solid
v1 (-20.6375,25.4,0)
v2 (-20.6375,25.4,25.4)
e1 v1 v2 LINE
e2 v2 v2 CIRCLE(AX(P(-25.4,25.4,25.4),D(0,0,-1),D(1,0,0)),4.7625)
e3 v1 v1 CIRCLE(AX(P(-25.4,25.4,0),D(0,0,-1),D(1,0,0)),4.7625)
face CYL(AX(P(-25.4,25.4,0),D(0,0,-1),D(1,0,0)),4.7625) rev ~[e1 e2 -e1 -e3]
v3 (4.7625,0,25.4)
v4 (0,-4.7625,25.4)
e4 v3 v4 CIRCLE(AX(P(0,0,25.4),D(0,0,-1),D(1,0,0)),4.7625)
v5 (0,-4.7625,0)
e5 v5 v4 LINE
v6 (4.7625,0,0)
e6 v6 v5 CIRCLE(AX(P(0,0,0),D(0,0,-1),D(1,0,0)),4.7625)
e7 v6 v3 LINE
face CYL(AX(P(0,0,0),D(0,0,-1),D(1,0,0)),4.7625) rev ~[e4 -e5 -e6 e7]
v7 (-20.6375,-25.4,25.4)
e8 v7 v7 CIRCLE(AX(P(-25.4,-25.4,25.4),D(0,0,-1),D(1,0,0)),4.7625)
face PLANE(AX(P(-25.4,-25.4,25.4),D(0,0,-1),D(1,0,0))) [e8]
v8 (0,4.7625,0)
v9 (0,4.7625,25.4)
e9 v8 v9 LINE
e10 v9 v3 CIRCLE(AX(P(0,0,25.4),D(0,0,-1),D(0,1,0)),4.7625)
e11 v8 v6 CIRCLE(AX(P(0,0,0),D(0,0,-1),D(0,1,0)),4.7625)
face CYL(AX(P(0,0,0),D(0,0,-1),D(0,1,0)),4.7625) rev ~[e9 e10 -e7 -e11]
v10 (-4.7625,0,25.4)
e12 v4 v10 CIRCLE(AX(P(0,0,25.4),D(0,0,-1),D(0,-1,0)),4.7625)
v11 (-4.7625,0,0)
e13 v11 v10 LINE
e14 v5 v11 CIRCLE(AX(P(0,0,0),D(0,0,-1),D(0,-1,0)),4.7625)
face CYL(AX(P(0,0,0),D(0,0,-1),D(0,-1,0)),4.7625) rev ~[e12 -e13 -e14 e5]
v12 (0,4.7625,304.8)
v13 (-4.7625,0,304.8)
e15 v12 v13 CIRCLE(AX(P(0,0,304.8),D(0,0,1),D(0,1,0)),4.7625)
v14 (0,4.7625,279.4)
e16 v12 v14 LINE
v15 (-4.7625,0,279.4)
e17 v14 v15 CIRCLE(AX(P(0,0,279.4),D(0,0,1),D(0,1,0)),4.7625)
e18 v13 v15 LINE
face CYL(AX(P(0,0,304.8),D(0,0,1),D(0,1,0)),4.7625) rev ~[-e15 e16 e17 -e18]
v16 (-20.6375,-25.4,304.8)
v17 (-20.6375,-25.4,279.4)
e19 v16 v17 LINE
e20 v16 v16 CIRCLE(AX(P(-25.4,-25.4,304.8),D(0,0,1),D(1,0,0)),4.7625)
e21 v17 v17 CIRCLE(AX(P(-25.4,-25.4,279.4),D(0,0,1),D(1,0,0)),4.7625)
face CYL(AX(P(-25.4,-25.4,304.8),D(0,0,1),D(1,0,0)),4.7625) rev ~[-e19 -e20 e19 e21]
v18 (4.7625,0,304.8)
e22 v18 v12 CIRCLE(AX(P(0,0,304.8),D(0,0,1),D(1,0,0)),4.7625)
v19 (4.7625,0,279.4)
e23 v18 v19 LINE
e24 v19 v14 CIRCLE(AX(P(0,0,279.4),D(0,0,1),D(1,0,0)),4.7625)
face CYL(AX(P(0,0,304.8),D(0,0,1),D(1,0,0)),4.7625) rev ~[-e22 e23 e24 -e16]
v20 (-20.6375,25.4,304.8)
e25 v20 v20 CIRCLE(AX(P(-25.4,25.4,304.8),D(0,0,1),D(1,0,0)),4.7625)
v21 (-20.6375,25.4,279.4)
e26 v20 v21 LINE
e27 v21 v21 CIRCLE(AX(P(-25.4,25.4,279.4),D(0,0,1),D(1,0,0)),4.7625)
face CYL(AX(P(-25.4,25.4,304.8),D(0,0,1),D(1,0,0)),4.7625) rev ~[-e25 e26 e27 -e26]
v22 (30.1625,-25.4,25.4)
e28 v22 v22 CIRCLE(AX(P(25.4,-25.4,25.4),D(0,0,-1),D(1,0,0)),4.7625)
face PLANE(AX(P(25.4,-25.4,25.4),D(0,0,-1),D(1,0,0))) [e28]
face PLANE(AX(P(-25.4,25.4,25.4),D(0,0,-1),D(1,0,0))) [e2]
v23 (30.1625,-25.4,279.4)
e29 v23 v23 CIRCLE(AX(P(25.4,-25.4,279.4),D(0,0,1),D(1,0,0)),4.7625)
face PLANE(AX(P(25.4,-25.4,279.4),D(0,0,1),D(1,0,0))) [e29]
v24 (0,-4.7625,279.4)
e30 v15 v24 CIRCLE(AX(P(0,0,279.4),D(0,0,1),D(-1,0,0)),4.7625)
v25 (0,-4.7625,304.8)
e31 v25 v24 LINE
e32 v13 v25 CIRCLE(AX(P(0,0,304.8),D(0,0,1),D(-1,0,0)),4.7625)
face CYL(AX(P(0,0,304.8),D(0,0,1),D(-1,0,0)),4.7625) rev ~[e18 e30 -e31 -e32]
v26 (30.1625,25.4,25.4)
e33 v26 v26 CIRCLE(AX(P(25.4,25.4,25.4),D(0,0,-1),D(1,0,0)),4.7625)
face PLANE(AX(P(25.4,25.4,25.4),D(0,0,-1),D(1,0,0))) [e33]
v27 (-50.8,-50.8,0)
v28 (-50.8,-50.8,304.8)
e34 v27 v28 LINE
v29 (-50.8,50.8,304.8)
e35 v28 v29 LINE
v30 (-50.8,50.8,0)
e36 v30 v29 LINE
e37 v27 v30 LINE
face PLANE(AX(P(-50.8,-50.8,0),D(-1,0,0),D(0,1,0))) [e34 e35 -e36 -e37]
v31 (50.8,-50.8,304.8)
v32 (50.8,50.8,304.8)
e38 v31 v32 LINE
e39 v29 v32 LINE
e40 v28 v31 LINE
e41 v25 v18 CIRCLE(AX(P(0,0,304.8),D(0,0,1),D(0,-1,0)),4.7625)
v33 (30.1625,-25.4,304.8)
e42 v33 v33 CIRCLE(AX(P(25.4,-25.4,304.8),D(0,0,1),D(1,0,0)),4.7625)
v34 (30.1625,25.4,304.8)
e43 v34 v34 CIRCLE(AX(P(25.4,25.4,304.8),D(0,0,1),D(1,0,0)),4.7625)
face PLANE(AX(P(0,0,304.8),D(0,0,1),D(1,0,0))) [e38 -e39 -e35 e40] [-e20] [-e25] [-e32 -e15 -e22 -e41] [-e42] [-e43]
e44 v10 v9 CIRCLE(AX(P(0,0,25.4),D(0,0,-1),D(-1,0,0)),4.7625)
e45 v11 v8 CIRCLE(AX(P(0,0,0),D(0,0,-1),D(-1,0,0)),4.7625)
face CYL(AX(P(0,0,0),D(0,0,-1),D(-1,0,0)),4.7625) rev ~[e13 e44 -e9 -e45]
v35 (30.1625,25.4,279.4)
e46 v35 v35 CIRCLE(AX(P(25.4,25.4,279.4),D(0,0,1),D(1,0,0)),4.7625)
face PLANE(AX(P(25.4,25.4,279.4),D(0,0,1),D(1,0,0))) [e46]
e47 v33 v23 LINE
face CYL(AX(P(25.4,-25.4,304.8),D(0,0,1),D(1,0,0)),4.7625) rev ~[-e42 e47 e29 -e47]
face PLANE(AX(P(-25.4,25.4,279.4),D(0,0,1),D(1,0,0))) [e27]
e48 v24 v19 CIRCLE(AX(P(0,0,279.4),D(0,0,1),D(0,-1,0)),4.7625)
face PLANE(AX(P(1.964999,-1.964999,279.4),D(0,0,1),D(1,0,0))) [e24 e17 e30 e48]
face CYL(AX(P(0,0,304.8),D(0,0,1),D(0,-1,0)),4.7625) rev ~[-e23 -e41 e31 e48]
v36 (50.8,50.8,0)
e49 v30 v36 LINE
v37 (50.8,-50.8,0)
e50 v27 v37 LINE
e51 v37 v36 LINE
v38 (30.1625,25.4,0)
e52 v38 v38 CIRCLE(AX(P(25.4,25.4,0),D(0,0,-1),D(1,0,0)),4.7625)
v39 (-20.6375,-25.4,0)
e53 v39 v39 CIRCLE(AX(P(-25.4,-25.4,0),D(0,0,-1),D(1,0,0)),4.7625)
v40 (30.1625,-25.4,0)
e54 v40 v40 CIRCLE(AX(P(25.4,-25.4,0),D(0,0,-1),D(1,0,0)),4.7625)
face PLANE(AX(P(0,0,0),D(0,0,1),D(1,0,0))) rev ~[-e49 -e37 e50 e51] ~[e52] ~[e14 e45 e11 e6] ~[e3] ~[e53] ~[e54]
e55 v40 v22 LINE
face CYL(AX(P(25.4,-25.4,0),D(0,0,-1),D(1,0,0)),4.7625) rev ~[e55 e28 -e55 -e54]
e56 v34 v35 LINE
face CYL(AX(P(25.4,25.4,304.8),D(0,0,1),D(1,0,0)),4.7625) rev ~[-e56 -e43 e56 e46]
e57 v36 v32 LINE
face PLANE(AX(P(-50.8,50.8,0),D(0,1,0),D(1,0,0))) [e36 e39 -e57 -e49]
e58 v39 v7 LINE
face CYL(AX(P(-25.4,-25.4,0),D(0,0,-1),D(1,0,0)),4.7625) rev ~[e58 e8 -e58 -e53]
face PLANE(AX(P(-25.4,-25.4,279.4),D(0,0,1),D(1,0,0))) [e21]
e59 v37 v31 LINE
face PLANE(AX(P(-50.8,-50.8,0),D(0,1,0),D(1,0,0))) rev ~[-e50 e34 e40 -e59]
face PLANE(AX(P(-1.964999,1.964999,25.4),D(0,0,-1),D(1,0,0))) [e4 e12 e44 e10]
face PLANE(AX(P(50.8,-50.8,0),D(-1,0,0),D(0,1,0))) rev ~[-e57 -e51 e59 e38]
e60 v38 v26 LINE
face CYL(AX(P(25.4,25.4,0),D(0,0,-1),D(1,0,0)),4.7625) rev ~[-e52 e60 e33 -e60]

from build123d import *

# Parameters (mm, degrees)
F0_W     = 101.6
F0_H     = 101.6
F1_DEPTH = 304.8
F2_R     = 4.7625
F3_DEPTH = 25.4
F4_R     = 4.7625
F5_DEPTH = 25.4


with BuildPart() as f1:
    # F0 (on Top) → F1 (new body)
    with BuildSketch(Plane.XY):
        Rectangle(F0_W, F0_H)
    extrude(amount=F1_DEPTH)

    # F2 (on face) → F3 (cut)
    with BuildSketch(Plane.XY.offset(304.8)):
        with Locations((-25.4, 25.4)):
            Circle(F2_R)
        with Locations((25.4, 25.4)):
            Circle(F2_R)
        with Locations((25.4, -25.4)):
            Circle(F2_R)
        with BuildLine():
            Line((0, 0), (0, -4.7625))
            ThreePointArc((0, -4.7625), (3.3675960454, -3.3675960454), (4.7625, 0))
            Line((4.7625, 0), (0, 0))
        make_face()
        with BuildLine():
            Line((0, 4.7625), (0, 0))
            Line((0, 0), (4.7625, 0))
            ThreePointArc((4.7625, 0), (3.3675960454, 3.3675960454), (0, 4.7625))
        make_face()
        with BuildLine():
            ThreePointArc((0, 4.7625), (-3.3675960454, 3.3675960454), (-4.7625, 0))
            Line((-4.7625, 0), (0, 0))
            Line((0, 0), (0, 4.7625))
        make_face()
        with BuildLine():
            ThreePointArc((-4.7625, 0), (-3.3675960454, -3.3675960454), (0, -4.7625))
            Line((0, -4.7625), (0, 0))
            Line((0, 0), (-4.7625, 0))
        make_face()
        with Locations((-25.4, -25.4)):
            Circle(F2_R)
    extrude(amount=-F3_DEPTH, mode=Mode.SUBTRACT)

    # F4 (on face) → F5 (cut)
    with BuildSketch(Plane(origin=(0, 0, 0), x_dir=(1, 0, 0), z_dir=(0, 0, -1))):
        with Locations((-25.4, 25.4)):
            Circle(F4_R)
        with Locations((25.4, 25.4)):
            Circle(F4_R)
        with Locations((25.4, -25.4)):
            Circle(F4_R)
        with Locations((-25.4, -25.4)):
            Circle(F4_R)
        with BuildLine():
            Line((0, 0), (-4.7625, 0))
            ThreePointArc((-4.7625, 0), (-3.3675960454, -3.3675960454), (0, -4.7625))
            Line((0, -4.7625), (0, 0))
        make_face()
        with BuildLine():
            Line((0, 0), (0, 4.7625))
            ThreePointArc((0, 4.7625), (-3.3675960454, 3.3675960454), (-4.7625, 0))
            Line((-4.7625, 0), (0, 0))
        make_face()
        with BuildLine():
            ThreePointArc((4.7625, 0), (3.3675960454, 3.3675960454), (0, 4.7625))
            Line((0, 4.7625), (0, 0))
            Line((0, 0), (4.7625, 0))
        make_face()
        with BuildLine():
            Line((4.7625, 0), (0, 0))
            Line((0, 0), (0, -4.7625))
            ThreePointArc((0, -4.7625), (3.3675960454, -3.3675960454), (4.7625, 0))
        make_face()
    extrude(amount=-F5_DEPTH, mode=Mode.SUBTRACT)


solid = f1.part
